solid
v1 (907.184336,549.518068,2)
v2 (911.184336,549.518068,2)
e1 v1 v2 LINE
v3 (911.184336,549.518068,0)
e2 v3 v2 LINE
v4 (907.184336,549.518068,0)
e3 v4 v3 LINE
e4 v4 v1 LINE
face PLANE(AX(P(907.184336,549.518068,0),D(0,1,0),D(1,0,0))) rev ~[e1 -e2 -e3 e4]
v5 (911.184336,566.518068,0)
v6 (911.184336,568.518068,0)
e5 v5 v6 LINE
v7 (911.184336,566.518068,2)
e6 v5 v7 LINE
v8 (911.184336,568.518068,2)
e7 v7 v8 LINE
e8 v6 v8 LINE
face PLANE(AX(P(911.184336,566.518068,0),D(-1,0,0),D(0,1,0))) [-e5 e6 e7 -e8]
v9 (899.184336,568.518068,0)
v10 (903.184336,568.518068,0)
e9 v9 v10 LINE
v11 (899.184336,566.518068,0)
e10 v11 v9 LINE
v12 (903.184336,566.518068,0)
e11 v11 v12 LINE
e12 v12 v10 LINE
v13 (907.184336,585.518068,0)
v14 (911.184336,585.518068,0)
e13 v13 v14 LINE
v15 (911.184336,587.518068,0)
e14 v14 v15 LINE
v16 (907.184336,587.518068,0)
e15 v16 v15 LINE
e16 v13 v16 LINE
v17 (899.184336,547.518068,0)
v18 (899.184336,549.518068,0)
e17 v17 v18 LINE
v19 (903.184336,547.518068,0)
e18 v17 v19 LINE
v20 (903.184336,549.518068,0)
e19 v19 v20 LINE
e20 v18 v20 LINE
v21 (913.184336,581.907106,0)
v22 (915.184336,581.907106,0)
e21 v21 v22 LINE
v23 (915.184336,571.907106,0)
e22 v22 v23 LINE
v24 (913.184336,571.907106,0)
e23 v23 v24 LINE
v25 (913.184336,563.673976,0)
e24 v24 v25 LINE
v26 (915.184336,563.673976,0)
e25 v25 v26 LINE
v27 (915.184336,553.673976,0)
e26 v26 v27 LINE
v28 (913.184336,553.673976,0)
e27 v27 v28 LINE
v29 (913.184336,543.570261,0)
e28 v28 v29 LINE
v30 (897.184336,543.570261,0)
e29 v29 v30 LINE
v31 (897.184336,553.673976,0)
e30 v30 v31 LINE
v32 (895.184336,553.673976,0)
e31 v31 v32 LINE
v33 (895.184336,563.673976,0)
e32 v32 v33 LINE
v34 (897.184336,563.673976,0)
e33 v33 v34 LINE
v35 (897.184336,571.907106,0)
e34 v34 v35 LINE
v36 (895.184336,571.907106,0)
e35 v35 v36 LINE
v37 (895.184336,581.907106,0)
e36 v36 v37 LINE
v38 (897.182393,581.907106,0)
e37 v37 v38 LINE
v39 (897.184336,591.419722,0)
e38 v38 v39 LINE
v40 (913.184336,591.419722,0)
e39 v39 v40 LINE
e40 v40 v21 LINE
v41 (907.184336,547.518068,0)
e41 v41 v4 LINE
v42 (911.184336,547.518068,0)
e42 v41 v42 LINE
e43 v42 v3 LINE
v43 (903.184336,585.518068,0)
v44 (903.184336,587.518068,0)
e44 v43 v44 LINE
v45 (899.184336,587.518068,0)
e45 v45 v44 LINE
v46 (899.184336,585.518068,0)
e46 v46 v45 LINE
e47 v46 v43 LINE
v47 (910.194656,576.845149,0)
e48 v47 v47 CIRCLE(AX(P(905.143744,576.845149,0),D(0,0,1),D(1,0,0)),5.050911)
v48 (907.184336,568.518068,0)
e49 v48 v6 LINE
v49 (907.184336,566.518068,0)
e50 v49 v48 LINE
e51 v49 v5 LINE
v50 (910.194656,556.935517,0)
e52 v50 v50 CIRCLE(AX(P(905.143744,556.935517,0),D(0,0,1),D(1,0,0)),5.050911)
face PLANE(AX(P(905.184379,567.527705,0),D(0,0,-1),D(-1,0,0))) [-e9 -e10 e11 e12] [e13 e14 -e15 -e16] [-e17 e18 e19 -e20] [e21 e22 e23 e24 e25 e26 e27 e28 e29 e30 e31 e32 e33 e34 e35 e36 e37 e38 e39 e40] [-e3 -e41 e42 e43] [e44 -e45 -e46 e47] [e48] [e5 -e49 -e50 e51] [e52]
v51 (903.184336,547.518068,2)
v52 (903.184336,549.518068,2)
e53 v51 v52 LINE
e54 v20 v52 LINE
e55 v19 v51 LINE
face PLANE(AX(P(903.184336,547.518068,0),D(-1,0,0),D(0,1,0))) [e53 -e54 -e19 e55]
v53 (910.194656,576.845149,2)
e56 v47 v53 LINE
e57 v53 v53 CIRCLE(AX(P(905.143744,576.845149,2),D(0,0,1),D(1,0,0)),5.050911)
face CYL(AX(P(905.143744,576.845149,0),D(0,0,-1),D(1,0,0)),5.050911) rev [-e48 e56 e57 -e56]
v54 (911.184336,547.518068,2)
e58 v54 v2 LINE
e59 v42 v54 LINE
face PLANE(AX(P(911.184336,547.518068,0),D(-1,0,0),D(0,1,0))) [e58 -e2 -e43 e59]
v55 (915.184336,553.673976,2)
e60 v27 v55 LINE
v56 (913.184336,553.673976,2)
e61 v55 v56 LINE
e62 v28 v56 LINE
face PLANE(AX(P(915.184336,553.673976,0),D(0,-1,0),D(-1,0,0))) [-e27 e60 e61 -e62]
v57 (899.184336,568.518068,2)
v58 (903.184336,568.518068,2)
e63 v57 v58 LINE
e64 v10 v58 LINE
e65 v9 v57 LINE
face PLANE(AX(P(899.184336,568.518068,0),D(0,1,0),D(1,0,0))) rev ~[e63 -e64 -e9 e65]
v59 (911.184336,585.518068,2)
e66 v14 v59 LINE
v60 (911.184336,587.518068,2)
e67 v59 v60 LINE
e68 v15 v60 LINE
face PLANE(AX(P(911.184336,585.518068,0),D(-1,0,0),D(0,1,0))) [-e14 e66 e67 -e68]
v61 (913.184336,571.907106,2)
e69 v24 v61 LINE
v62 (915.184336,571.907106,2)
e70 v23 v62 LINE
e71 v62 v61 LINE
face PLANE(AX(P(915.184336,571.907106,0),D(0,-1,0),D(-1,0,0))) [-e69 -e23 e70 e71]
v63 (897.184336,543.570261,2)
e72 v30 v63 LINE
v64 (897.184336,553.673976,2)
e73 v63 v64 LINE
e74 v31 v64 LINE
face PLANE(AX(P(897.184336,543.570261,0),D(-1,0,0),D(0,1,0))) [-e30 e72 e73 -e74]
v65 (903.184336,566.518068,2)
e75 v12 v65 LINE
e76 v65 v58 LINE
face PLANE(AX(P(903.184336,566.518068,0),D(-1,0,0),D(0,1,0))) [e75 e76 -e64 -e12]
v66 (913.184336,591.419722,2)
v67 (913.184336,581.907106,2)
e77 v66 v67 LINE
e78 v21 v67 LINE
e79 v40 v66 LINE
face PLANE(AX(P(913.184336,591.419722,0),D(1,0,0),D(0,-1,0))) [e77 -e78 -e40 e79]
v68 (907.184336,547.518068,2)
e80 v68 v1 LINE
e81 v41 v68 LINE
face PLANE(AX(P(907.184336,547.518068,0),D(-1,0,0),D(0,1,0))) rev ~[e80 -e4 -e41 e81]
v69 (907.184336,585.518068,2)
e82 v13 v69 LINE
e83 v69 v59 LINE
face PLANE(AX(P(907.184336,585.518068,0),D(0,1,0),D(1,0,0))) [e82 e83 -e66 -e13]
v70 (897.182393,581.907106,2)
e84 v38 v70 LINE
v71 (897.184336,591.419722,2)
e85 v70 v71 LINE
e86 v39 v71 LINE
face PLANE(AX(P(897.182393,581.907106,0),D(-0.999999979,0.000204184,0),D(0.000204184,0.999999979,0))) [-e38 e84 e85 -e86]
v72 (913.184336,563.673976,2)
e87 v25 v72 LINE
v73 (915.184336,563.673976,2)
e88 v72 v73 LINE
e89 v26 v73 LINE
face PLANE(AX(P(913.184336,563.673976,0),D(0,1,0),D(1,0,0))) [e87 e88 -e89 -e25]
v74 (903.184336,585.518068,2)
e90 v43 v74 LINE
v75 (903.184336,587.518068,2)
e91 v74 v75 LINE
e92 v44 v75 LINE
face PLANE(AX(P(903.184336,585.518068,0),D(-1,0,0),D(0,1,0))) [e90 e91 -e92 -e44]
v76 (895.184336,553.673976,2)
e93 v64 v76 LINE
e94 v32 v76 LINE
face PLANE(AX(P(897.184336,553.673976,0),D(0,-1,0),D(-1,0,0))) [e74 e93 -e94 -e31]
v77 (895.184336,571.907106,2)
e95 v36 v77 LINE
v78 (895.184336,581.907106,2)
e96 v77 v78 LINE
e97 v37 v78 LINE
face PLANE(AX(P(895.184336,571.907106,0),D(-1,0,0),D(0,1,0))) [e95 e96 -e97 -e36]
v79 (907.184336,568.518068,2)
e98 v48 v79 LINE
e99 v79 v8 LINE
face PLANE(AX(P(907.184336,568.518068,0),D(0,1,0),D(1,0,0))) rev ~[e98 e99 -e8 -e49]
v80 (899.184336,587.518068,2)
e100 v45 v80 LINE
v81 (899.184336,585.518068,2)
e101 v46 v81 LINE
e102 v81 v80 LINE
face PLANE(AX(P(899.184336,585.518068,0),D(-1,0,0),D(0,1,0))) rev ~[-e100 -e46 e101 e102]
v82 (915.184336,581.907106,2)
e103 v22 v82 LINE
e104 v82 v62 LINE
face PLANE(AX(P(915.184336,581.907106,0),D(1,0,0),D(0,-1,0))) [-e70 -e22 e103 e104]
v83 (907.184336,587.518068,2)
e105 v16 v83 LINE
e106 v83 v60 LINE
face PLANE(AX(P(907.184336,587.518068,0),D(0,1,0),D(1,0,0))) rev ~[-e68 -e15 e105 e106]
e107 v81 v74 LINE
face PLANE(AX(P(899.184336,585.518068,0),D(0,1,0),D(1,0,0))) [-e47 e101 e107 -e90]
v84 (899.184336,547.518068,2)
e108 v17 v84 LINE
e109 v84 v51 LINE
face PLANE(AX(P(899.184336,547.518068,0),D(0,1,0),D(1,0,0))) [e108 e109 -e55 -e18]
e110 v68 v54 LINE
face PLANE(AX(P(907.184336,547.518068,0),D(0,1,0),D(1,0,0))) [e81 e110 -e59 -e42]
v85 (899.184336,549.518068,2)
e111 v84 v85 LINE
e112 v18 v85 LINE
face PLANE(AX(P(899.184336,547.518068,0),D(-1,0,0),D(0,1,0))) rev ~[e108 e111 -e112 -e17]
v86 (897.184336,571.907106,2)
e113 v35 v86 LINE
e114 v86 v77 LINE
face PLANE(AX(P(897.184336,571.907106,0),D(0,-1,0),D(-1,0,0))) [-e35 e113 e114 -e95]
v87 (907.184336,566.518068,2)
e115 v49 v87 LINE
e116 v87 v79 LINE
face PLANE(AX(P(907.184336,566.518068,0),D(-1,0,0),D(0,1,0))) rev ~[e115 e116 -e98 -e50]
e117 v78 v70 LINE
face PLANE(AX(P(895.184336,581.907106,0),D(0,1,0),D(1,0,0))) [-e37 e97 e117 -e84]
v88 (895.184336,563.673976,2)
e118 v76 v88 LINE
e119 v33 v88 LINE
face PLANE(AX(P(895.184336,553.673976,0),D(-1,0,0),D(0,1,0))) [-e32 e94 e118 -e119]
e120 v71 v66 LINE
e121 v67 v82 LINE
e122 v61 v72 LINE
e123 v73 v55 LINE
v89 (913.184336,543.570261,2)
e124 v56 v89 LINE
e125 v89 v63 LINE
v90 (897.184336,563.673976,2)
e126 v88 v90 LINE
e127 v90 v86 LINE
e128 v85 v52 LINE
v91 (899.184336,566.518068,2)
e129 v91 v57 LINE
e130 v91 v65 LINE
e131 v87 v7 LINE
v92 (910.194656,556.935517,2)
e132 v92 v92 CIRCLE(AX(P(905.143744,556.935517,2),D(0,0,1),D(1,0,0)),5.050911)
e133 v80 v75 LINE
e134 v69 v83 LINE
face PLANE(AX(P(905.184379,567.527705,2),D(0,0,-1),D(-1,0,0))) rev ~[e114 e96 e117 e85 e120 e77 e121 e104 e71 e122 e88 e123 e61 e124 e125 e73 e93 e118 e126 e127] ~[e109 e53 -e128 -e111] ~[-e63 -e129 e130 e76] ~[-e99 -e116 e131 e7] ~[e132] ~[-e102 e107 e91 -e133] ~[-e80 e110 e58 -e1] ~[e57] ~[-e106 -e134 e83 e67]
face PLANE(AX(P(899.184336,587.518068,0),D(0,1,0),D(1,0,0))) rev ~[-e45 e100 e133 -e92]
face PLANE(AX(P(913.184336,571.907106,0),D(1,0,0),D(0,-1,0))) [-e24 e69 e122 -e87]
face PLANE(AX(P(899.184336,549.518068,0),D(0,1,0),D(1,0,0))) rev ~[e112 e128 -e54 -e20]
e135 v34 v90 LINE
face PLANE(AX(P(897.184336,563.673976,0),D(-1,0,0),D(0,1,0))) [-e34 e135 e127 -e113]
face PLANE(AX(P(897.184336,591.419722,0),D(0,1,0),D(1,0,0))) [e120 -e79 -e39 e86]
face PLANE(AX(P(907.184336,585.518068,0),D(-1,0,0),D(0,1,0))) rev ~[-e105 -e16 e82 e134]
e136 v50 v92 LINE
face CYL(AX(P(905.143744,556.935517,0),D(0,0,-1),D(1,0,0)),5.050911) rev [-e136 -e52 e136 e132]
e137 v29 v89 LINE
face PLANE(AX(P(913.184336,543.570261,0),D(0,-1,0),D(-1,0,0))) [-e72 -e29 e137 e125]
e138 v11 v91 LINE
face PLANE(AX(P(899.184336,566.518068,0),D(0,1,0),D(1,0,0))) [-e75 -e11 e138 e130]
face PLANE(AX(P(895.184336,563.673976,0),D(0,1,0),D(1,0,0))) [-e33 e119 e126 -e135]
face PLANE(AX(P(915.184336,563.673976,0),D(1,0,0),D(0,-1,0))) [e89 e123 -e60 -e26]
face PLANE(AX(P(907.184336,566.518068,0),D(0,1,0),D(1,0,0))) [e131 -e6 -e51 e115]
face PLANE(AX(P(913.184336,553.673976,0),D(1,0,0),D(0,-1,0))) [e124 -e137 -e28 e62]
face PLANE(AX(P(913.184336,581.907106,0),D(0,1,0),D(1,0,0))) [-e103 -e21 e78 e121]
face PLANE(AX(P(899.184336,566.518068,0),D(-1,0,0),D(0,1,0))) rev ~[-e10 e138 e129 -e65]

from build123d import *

# Parameters (mm, degrees)
MODEL_R         = 5.050911301
MODEL_W         = 4
MODEL_H         = 2
EXTRUDE_1_DEPTH = 2


with BuildPart() as part:
    # Model → 凸台-拉伸1 (new body)
    with BuildSketch(Plane.XY):
        Polygon((913.184335601, 571.907106356), (913.184335601, 563.673975647), (915.184335601, 563.673975647), (915.184335601, 553.673975647), (913.184335601, 553.673975647), (913.184335601, 543.570261409), (897.184335601, 543.570261409), (897.184335601, 553.673975647), (895.184335601, 553.673975647), (895.184335601, 563.673975647), (897.184335601, 563.673975647), (897.184335601, 571.907106356), (895.184335601, 571.907106356), (895.184335601, 581.907106356), (897.182393273, 581.907106356), (897.184335601, 591.419721737), (913.184335601, 591.419721737), (913.184335601, 581.907106356), (915.184335601, 581.907106356), (915.184335601, 571.907106356), align=None)
        with Locations((905.143744205, 556.935517453)):
            Circle(MODEL_R, mode=Mode.SUBTRACT)
        with Locations((905.143744205, 576.845149384)):
            Circle(MODEL_R, mode=Mode.SUBTRACT)
        with Locations((909.184335601, 586.518067913)):
            Rectangle(MODEL_W, MODEL_H, mode=Mode.SUBTRACT)
        with Locations((901.184335601, 586.518067913)):
            Rectangle(MODEL_W, MODEL_H, mode=Mode.SUBTRACT)
        with Locations((909.184335601, 567.518067913)):
            Rectangle(MODEL_W, MODEL_H, mode=Mode.SUBTRACT)
        with Locations((901.184335601, 567.518067913)):
            Rectangle(MODEL_W, MODEL_H, mode=Mode.SUBTRACT)
        with Locations((909.184335601, 548.518067913)):
            Rectangle(MODEL_W, MODEL_H, mode=Mode.SUBTRACT)
        with Locations((901.184335601, 548.518067913)):
            Rectangle(MODEL_W, MODEL_H, mode=Mode.SUBTRACT)
    extrude(amount=EXTRUDE_1_DEPTH)


solid = part.part
